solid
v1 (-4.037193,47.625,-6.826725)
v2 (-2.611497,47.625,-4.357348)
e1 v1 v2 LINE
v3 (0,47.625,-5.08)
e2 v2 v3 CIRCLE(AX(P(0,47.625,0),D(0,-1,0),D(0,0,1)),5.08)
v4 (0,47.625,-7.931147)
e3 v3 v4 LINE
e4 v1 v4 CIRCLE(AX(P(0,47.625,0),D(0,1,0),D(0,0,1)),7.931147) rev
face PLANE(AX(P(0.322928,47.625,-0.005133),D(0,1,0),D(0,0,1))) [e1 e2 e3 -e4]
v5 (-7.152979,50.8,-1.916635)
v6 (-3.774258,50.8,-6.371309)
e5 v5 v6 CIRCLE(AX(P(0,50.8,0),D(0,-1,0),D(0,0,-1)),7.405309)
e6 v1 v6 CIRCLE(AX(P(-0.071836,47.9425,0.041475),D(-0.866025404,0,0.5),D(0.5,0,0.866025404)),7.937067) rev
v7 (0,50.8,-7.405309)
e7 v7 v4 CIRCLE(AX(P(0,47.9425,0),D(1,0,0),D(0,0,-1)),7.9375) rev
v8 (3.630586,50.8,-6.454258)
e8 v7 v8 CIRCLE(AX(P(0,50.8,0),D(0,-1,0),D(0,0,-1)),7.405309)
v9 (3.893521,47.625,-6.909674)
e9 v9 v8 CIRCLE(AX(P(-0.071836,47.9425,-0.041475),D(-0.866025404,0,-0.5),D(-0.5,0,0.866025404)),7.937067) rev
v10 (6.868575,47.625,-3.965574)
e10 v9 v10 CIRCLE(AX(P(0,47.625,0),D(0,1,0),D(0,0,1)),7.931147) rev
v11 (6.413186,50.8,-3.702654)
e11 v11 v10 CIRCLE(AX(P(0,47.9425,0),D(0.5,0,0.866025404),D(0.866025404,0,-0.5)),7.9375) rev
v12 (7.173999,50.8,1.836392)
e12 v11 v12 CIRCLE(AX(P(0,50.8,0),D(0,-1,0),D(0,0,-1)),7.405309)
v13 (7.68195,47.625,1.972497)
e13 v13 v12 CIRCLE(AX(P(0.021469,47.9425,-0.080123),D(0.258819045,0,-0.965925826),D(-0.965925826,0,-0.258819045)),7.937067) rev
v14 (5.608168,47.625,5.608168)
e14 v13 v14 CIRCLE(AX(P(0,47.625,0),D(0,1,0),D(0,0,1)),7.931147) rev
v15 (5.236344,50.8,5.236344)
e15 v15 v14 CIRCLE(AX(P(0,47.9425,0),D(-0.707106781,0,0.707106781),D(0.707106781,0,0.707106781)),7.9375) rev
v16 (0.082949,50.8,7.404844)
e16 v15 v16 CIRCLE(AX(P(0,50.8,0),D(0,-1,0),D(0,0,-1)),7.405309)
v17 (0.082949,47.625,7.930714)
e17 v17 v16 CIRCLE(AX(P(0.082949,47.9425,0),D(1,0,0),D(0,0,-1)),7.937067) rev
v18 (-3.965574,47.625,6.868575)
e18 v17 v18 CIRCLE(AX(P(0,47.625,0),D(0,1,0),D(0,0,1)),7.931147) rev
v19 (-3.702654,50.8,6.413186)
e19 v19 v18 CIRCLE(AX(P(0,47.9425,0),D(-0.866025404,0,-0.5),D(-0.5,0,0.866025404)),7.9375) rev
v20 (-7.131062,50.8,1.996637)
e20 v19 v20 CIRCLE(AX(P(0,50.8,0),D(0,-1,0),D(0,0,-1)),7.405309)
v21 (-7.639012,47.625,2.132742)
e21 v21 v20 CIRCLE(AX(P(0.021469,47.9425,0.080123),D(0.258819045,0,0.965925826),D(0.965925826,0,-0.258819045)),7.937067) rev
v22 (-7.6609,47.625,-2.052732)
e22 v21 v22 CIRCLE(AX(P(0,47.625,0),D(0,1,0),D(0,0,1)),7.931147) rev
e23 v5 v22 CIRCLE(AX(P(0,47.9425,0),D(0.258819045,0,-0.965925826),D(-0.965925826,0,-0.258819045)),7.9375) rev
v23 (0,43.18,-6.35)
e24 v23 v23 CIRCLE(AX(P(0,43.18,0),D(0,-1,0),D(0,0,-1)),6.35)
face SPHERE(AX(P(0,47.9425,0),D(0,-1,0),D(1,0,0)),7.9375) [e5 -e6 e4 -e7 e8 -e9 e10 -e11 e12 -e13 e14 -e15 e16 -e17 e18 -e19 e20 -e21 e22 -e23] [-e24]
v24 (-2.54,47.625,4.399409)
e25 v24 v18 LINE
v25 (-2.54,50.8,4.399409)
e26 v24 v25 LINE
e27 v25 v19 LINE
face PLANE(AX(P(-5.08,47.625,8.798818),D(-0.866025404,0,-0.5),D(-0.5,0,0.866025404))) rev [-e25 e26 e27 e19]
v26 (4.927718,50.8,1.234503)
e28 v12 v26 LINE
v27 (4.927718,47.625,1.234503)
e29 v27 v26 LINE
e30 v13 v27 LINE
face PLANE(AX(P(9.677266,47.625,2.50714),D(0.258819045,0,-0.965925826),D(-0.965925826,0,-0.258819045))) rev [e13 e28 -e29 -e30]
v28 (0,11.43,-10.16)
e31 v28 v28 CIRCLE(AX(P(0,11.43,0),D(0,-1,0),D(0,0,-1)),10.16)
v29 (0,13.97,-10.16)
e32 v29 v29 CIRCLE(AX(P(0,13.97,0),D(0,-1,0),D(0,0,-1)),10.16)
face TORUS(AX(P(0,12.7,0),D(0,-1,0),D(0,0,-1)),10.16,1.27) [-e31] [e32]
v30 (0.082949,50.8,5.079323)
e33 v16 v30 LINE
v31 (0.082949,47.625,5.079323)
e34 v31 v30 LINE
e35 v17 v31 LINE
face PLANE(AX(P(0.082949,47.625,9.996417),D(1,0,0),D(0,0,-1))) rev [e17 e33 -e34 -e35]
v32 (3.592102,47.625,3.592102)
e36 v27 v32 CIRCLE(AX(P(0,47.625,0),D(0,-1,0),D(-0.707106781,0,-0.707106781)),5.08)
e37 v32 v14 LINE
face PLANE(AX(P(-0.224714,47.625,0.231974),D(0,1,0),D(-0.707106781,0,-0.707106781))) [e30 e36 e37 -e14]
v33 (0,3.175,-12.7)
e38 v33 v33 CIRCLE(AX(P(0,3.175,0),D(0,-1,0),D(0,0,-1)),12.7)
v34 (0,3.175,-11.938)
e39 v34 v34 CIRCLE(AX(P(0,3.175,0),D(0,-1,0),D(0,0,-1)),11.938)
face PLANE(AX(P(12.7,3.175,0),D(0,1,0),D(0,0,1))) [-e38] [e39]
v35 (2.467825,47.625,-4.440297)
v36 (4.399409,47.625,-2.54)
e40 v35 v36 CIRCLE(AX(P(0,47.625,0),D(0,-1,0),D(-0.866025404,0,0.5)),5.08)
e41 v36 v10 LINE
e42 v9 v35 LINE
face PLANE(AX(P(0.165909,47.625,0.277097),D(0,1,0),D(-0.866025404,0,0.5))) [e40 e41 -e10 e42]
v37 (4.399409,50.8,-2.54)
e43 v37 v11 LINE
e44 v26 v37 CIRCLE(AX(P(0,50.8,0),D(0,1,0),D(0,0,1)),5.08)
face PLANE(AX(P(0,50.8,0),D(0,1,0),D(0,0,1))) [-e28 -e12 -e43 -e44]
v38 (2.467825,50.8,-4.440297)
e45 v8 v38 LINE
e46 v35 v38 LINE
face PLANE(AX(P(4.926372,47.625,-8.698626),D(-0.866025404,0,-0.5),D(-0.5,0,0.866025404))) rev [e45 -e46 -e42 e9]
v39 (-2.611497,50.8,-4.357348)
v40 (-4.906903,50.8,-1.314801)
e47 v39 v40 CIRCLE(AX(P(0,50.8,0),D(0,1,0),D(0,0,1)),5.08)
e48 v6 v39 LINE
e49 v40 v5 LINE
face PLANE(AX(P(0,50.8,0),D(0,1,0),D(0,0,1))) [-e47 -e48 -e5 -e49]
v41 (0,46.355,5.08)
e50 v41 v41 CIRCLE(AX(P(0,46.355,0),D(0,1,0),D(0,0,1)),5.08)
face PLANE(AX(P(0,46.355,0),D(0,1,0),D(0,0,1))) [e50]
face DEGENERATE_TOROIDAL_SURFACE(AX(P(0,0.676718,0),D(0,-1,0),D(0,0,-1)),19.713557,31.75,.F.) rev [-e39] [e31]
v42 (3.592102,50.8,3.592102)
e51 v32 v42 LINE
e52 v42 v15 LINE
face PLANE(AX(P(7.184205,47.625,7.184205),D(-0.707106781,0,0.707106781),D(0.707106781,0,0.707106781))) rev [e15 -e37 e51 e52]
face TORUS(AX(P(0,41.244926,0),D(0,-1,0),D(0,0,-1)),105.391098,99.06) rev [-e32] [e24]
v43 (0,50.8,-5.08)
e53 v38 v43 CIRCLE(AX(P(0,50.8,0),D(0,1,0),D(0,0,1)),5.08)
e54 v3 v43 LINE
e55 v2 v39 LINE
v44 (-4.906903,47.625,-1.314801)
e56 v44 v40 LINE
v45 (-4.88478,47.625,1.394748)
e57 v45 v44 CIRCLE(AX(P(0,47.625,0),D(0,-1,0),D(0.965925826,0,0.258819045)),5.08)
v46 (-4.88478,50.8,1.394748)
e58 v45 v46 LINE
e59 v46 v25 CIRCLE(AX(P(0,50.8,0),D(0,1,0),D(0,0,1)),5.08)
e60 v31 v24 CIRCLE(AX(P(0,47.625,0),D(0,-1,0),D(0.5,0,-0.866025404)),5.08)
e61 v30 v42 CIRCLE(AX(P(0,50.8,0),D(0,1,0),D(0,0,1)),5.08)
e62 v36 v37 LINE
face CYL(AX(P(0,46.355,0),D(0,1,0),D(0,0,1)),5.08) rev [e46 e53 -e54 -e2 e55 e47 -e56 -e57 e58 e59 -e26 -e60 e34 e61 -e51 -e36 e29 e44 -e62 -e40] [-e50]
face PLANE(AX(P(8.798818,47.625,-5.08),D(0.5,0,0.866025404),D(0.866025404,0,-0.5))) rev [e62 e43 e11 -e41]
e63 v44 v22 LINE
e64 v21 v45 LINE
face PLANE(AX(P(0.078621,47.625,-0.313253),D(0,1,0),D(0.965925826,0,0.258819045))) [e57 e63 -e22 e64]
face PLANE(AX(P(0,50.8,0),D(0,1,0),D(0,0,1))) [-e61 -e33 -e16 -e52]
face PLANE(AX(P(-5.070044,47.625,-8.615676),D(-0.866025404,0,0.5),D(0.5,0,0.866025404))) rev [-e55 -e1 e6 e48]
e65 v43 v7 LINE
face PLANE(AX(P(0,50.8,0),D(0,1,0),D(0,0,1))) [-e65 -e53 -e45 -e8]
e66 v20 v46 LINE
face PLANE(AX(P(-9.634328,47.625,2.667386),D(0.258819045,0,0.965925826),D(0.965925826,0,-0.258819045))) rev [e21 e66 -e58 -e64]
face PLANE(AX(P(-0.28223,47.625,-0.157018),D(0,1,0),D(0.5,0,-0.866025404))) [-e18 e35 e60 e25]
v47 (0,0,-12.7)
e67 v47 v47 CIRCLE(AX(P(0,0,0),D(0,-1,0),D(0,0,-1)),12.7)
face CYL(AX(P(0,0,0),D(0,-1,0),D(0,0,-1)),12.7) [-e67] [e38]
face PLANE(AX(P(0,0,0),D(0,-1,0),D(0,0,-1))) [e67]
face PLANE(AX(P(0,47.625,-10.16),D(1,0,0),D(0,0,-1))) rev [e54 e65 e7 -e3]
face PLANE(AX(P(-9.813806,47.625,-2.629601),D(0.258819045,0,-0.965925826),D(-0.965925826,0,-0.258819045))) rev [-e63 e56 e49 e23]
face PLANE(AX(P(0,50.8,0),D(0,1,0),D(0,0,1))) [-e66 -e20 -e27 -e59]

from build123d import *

# Parameters (mm, degrees)
SKETCH2_R          = 5.08
CUT_EXTRUDE1_DEPTH = 4.445
CUT_EXTRUDE2_DEPTH = 3.175
CIRPATTERN1_COUNT  = 5
CIRPATTERN1_ANGLE  = 300


with BuildPart() as part:
    # Sketch1 → Revolve1 (revolve)
    with BuildSketch(Plane.XY, mode=Mode.PRIVATE) as revolve1_sk:
        with BuildLine():
            Line((0, 0), (12.7, 0))
            Line((12.7, 0), (12.7, 3.175))
            Line((12.7, 3.175), (11.938, 3.175))
            ThreePointArc((11.938, 3.175), (11.324664102, 7.361873807), (10.16, 11.43))
            ThreePointArc((10.16, 11.43), (11.43, 12.7), (10.16, 13.97))
            ThreePointArc((10.16, 13.97), (7.163161242, 28.432586249), (6.35, 43.18))
            ThreePointArc((6.35, 43.18), (7.862457045, 46.853612737), (7.405308906, 50.8))
            Line((7.405308906, 50.8), (0, 50.8))
            Line((0, 50.8), (0, 0))
        make_face()
    revolve(revolve1_sk.sketch.rotate(Axis((0, 0, 0), (0, 1, 0)), 90), axis=Axis((0, 0, 0), (0, 1, 0)))

    # Sketch2 → Cut-Extrude1 (cut)
    with BuildSketch(Plane(origin=(0, 50.8, 0), x_dir=(1, 0, 0), z_dir=(0, 1, 0))):
        with Locations(Location((0, 0, 0), (0, 0, 270))):
            Circle(SKETCH2_R)
    extrude(amount=-CUT_EXTRUDE1_DEPTH, mode=Mode.SUBTRACT)

    # Sketch3 → Cut-Extrude2 (cut)
    with BuildSketch(Plane(origin=(0, 50.8, 0), x_dir=(1, 0, 0), z_dir=(0, 1, 0))):
        with BuildLine():
            Line((0, 10.16), (0, 5.08))
            ThreePointArc((0, 5.08), (-1.354819608, 4.896004885), (-2.611497409, 4.357347965))
            Line((-2.611497409, 4.357347965), (-5.070044486, 8.615676415))
            ThreePointArc((-5.070044486, 8.615676415), (-2.637496551, 9.724263362), (0, 10.16))
        make_face()
    cut_extrude2 = extrude(amount=-CUT_EXTRUDE2_DEPTH, mode=Mode.SUBTRACT)

    # CirPattern1: Cut-Extrude2 ×5 about axis
    cirpattern1_axis = Axis((0, 0, 0), (0, 1, 0))
    for i in range(1, CIRPATTERN1_COUNT):
        add(cut_extrude2.rotate(cirpattern1_axis, i * CIRPATTERN1_ANGLE / (CIRPATTERN1_COUNT - 1)), mode=Mode.SUBTRACT)


solid = part.part
